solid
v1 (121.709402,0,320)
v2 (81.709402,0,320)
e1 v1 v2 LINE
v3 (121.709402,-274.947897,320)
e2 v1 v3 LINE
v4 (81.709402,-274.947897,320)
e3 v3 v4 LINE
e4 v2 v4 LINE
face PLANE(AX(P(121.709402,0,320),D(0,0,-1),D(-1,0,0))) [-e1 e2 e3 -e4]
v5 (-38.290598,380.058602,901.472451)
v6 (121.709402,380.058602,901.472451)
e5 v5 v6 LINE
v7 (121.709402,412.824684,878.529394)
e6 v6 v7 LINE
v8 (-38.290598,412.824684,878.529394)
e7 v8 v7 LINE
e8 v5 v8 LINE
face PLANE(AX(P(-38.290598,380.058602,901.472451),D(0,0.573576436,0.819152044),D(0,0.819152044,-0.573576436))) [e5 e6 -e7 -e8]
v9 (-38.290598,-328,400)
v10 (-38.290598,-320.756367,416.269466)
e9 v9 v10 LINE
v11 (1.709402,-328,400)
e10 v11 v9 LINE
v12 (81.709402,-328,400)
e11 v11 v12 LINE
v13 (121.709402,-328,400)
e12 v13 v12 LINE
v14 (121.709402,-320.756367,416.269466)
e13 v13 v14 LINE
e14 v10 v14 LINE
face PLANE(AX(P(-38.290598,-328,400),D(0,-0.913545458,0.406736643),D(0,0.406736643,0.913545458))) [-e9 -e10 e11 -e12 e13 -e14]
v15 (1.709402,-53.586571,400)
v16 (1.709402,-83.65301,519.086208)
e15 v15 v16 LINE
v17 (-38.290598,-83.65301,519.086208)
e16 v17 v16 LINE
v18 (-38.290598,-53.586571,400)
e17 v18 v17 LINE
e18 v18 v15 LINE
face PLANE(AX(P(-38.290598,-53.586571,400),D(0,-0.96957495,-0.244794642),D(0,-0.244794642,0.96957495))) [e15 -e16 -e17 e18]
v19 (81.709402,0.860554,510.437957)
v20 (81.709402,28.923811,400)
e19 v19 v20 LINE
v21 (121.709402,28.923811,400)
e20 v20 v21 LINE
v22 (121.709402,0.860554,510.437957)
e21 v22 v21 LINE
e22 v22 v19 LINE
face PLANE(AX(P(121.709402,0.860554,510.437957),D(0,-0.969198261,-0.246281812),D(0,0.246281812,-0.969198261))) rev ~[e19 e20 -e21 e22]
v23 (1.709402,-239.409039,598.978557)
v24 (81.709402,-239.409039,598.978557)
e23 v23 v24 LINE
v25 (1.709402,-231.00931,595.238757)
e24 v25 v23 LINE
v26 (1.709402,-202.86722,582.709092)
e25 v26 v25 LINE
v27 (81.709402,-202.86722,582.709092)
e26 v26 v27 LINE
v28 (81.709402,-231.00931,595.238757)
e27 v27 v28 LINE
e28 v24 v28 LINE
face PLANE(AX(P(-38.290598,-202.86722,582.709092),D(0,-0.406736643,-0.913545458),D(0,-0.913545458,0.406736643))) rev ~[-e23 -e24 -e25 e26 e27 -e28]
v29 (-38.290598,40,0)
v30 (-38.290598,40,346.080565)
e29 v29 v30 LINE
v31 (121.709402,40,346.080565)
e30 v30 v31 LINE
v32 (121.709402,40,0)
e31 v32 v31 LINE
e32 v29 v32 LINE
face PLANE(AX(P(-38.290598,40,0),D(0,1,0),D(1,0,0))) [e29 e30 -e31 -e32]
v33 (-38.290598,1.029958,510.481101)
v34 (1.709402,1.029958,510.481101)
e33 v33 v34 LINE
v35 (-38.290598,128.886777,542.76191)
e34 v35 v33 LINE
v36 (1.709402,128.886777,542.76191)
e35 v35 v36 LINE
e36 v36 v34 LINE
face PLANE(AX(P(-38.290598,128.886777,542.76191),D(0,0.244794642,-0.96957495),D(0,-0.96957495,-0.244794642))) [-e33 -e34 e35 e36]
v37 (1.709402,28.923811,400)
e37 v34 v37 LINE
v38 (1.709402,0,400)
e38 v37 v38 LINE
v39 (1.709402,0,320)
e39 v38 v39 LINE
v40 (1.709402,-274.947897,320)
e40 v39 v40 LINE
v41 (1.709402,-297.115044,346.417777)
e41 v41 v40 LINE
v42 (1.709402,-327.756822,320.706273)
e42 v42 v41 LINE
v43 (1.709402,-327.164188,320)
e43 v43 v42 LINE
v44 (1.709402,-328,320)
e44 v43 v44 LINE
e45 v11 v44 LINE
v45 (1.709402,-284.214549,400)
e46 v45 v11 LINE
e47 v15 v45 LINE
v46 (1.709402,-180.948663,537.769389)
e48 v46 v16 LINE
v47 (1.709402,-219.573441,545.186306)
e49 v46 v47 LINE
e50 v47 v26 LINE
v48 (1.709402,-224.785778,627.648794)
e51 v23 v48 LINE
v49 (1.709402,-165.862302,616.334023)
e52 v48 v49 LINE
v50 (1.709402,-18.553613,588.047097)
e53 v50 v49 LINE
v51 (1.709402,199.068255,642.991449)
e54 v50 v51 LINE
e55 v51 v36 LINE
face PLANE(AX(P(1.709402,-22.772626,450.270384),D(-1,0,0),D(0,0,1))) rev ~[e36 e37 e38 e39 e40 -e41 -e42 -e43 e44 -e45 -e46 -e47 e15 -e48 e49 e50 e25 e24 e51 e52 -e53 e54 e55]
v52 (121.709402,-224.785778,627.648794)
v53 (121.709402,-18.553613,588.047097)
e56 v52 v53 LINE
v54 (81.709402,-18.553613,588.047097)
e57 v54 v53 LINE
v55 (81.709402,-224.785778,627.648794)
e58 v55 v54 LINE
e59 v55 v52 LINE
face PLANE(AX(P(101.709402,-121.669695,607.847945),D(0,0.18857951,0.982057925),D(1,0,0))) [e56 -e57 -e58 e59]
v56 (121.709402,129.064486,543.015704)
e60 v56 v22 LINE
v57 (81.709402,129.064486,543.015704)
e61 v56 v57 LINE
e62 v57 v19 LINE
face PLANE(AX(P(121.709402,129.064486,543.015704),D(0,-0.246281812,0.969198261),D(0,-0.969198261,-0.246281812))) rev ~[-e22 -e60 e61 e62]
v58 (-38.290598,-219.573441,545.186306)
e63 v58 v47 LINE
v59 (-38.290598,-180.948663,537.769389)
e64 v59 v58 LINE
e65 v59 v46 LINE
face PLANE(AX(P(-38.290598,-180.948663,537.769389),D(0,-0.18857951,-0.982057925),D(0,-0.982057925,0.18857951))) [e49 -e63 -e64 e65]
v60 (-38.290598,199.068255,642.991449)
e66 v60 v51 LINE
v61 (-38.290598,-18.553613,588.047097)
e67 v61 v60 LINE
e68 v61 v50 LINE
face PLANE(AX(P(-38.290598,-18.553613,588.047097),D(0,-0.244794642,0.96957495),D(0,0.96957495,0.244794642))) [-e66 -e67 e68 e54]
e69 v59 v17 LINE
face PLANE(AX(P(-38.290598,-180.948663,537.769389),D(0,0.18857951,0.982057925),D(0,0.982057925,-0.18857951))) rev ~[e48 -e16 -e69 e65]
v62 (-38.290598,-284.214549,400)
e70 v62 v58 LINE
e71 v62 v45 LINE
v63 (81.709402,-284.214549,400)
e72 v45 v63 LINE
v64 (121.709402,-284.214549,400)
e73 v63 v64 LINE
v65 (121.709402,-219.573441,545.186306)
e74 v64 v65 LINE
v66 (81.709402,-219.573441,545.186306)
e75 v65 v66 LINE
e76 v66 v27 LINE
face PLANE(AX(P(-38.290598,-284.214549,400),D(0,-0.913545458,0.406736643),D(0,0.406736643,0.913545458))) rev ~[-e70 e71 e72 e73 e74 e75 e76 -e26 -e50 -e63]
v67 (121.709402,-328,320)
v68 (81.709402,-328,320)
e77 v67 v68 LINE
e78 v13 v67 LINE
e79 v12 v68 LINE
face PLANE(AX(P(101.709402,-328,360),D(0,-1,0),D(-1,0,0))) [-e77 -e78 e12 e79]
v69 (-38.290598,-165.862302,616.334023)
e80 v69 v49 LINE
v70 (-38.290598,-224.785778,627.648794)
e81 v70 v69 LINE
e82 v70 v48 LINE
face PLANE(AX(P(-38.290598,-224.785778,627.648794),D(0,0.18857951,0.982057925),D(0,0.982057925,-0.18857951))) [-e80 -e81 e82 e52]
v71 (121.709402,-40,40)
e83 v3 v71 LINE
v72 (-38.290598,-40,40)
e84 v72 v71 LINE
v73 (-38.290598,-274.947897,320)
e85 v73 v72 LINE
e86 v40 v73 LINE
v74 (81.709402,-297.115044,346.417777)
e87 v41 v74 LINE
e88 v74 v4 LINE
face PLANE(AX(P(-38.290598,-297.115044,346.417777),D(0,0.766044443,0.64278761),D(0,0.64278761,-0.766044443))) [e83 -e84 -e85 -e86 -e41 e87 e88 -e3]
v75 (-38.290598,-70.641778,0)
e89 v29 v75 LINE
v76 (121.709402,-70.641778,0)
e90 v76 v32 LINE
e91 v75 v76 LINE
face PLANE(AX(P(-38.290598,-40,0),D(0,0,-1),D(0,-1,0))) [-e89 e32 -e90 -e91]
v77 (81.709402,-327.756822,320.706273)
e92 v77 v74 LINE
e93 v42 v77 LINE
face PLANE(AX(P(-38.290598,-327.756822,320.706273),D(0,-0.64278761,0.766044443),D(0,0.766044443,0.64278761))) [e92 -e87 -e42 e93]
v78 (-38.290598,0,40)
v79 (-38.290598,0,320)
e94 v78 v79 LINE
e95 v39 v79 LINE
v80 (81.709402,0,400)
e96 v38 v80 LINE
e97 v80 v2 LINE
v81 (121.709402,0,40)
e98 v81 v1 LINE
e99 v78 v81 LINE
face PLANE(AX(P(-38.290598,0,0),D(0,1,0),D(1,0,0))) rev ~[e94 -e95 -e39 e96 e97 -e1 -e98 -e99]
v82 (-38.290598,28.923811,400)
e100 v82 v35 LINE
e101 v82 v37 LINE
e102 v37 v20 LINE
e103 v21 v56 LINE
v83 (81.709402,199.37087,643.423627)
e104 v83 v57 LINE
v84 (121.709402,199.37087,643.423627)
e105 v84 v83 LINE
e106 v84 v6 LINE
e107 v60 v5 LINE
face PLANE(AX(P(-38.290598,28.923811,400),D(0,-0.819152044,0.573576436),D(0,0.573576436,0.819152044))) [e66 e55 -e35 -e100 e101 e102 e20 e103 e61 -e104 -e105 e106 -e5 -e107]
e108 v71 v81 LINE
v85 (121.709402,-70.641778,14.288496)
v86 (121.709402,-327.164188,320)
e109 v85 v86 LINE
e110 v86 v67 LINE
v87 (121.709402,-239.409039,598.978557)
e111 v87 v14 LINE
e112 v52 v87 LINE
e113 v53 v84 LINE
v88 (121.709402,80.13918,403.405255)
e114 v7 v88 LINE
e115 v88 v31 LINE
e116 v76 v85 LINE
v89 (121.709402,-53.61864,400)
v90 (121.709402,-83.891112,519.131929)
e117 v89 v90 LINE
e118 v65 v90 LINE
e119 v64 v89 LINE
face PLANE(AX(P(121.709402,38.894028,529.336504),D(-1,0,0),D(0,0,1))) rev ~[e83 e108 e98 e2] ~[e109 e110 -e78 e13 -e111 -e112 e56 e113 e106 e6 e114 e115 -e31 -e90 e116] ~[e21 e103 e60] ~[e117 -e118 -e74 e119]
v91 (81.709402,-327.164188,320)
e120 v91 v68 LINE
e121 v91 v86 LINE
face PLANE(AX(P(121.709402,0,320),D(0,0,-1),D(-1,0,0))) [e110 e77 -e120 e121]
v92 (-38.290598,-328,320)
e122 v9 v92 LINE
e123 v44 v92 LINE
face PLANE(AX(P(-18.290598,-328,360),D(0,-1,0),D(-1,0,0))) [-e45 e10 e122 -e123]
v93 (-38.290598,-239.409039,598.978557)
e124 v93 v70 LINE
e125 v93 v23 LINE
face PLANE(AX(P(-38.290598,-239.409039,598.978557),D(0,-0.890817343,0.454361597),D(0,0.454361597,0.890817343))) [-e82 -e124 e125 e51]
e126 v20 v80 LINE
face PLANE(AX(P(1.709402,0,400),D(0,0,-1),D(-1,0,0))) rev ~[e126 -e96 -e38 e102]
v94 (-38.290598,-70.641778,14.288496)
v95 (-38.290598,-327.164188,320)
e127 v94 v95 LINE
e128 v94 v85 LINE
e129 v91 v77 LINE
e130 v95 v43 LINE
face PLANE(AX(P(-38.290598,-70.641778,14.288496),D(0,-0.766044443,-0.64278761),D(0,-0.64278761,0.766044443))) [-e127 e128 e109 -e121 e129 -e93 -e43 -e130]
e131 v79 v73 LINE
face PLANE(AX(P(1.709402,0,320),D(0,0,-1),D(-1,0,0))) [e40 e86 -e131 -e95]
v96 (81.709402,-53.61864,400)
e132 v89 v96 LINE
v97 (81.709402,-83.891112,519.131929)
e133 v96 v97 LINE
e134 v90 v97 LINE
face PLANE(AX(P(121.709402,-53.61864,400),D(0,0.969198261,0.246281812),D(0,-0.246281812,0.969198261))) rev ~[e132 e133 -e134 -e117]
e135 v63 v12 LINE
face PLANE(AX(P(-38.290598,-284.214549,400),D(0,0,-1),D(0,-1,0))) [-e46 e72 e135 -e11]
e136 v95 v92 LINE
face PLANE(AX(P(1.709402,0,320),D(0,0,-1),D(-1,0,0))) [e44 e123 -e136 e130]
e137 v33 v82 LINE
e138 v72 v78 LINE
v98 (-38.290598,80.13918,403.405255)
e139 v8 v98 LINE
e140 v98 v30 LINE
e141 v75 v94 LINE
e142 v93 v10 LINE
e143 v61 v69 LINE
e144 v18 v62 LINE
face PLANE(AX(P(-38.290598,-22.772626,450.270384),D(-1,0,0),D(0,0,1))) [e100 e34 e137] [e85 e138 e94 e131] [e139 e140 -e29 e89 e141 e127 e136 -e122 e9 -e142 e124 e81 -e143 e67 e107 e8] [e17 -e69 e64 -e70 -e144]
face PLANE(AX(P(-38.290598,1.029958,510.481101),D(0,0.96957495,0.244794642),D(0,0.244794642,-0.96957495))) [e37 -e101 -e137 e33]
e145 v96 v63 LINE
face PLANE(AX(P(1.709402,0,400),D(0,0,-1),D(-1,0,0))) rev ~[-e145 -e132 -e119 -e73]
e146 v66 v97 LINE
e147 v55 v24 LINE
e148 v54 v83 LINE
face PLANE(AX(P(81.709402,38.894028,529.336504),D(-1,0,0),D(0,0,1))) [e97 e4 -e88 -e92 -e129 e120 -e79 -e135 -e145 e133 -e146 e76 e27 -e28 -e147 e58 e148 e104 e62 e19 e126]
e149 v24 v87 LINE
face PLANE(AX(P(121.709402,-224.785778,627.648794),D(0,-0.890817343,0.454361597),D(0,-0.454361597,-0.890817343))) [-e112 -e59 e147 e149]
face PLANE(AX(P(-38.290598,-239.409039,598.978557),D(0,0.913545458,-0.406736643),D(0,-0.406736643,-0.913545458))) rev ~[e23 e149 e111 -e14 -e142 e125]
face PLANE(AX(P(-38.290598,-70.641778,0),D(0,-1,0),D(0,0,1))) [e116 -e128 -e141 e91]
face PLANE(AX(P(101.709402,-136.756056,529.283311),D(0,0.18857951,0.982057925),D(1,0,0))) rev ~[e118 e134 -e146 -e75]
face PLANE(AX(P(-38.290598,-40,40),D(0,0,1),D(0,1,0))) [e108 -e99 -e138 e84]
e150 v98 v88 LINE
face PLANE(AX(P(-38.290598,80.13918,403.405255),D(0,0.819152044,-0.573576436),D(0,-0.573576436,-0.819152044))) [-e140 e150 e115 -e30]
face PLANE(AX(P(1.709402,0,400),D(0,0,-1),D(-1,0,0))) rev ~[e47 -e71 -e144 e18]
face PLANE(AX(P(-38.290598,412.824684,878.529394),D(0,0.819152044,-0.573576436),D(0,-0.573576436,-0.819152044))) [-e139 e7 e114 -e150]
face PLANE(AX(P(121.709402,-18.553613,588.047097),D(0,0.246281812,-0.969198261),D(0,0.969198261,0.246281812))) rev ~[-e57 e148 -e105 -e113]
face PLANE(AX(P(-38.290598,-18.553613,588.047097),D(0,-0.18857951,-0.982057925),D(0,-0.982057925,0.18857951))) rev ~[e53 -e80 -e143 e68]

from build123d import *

# Parameters (mm, degrees)
SKETCH_1_W       = 160
SKETCH_1_H       = 40
EXTRUDE_1_DEPTH  = 400
EXTRUDE_6_DEPTH  = 160
SKETCH_11_W      = 40
SKETCH_11_H      = 40
EXTRUDE_7_DEPTH  = 160
EXTRUDE_11_DEPTH = 160
SKETCH_17_W      = 40
SKETCH_17_H      = 80
EXTRUDE_13_DEPTH = 328
EXTRUDE_17_DEPTH = 160
EXTRUDE_18_DEPTH = 40
SKETCH_29_W      = 40
SKETCH_29_H      = 210
EXTRUDE_19_DEPTH = 80
EXTRUDE_20_DEPTH = 40
EXTRUDE_21_DEPTH = 40
EXTRUDE_22_DEPTH = 40


with BuildPart() as part:
    # Эскиз1 → Бобышка-Вытянуть1 (new body)
    with BuildSketch(Plane.XY):
        with Locations((41.709401709, 20)):
            Rectangle(SKETCH_1_W, SKETCH_1_H)
    extrude(amount=EXTRUDE_1_DEPTH)

    # Эскиз8 → Бобышка-Вытянуть6 (add)
    with BuildSketch(Plane.ZY.offset(38.290598291)):
        Polygon((403.40525509, 80.13918018), (346.080564925, 40), (400, 40), (400, 28.923811345), (901.472451167, 380.058601857), (878.529393713, 412.824683628), align=None)
    extrude(amount=-EXTRUDE_6_DEPTH)

    # Эскиз11 → Бобышка-Вытянуть7 (add)
    with BuildSketch(Plane.ZY.offset(38.290598291)):
        with Locations((20, -20)):
            Rectangle(SKETCH_11_W, SKETCH_11_H)
    extrude(amount=-EXTRUDE_7_DEPTH)

    # Эскиз12 → Бобышка-Вытянуть11 (add)
    with BuildSketch(Plane.ZY.offset(38.290598291)):
        Polygon((346.417777248, -297.115043875), (40, -40), (0, -40), (0, -70.641777725), (14.288495613, -70.641777725), (320.70627286, -327.756821599), align=None)
    extrude(amount=-EXTRUDE_11_DEPTH)

    # Эскиз17 → Бобышка-Вытянуть13 (add)
    with BuildSketch(Plane(origin=(0, 0, 0), x_dir=(-1, 0, 0), z_dir=(0, -1, 0))):
        with Locations((18.290598291, -360)):
            Rectangle(SKETCH_17_W, SKETCH_17_H)
        with Locations((-101.709401709, -360)):
            Rectangle(SKETCH_17_W, SKETCH_17_H)
    extrude(amount=EXTRUDE_13_DEPTH)

    # Эскиз26 → Бобышка-Вытянуть17 (add)
    with BuildSketch(Plane.ZY.offset(38.290598291)):
        Polygon((400, -284.21454886), (400, -328), (416.269465723, -320.756367165), align=None)
        Polygon((582.709091529, -202.867220245), (598.978557252, -239.40903855), (416.269465723, -320.756367165), (400, -284.21454886), align=None)
    extrude(amount=-EXTRUDE_17_DEPTH)

    # Эскиз27 → Бобышка-Вытянуть18 (add)
    with BuildSketch(Plane.ZY.offset(38.290598291)):
        Polygon((509.482462661, -33.639974138), (588.04709667, -18.55361331), (616.334023223, -165.862302077), (537.769389214, -180.948662905), align=None)
        Polygon((545.18630579, -219.573440808), (582.709091529, -202.867220245), (595.238756951, -231.009309548), (627.648793843, -224.785777584), (616.334023223, -165.862302077), (537.769389214, -180.948662905), align=None)
        Polygon((627.648793843, -224.785777584), (595.238756951, -231.009309548), (598.978557252, -239.40903855), align=None)
    extrude(amount=-EXTRUDE_18_DEPTH)

    # Эскиз29 → Бобышка-Вытянуть19 (add)
    with BuildSketch(Plane(origin=(0, 108.244163778, 563.698774535), x_dir=(1, 0, 0), z_dir=(0, 0.18857951034822912, 0.9820579251127819))):
        with Locations((101.709401709, -234.114356543)):
            Rectangle(SKETCH_29_W, SKETCH_29_H)
    extrude(amount=-EXTRUDE_19_DEPTH)

    # Эскиз33 → Бобышка-Вытянуть20 (add)
    with BuildSketch(Plane(origin=(121.709401709, 0, 0), x_dir=(0, 0, -1), z_dir=(1, 0, 0))):
        Polygon((-627.648793843, -224.785777584), (-598.978557252, -239.40903855), (-595.238756951, -231.009309548), align=None)
    extrude(amount=-EXTRUDE_20_DEPTH)

    # Эскиз34 → Бобышка-Вытянуть21 (add)
    with BuildSketch(Plane.ZY.offset(38.290598291)):
        Polygon((400, -53.586571178), (490.897529352, -76.536037974), (510.481100679, 1.029958017), (400, 28.923811345), align=None)
        Polygon((510.481100679, 1.029958017), (490.897529352, -76.536037974), (514.961644961, -62.173691245), (509.482462661, -33.639974138), (588.04709667, -18.55361331), align=None)
        Polygon((514.961644961, -62.173691245), (490.897529352, -76.536037974), (519.0862075, -83.653009555), align=None)
        Polygon((542.761910091, 128.886776961), (510.481100679, 1.029958017), (588.04709667, -18.55361331), (642.991448698, 199.068255444), align=None)
    extrude(amount=-EXTRUDE_21_DEPTH)

    # Эскиз35 → Бобышка-Вытянуть22 (add)
    with BuildSketch(Plane(origin=(121.709401709, 0, 0), x_dir=(0, 0, -1), z_dir=(1, 0, 0))):
        Polygon((-588.04709667, -18.55361331), (-643.423626769, 199.370869787), (-543.015704436, 129.064485674), (-510.437956524, 0.860554126), (-400, 28.923811345), (-400, -53.618639699), (-519.131929063, -83.891111895), (-509.482462661, -33.639974138), align=None)
    extrude(amount=-EXTRUDE_22_DEPTH)


solid = part.part
